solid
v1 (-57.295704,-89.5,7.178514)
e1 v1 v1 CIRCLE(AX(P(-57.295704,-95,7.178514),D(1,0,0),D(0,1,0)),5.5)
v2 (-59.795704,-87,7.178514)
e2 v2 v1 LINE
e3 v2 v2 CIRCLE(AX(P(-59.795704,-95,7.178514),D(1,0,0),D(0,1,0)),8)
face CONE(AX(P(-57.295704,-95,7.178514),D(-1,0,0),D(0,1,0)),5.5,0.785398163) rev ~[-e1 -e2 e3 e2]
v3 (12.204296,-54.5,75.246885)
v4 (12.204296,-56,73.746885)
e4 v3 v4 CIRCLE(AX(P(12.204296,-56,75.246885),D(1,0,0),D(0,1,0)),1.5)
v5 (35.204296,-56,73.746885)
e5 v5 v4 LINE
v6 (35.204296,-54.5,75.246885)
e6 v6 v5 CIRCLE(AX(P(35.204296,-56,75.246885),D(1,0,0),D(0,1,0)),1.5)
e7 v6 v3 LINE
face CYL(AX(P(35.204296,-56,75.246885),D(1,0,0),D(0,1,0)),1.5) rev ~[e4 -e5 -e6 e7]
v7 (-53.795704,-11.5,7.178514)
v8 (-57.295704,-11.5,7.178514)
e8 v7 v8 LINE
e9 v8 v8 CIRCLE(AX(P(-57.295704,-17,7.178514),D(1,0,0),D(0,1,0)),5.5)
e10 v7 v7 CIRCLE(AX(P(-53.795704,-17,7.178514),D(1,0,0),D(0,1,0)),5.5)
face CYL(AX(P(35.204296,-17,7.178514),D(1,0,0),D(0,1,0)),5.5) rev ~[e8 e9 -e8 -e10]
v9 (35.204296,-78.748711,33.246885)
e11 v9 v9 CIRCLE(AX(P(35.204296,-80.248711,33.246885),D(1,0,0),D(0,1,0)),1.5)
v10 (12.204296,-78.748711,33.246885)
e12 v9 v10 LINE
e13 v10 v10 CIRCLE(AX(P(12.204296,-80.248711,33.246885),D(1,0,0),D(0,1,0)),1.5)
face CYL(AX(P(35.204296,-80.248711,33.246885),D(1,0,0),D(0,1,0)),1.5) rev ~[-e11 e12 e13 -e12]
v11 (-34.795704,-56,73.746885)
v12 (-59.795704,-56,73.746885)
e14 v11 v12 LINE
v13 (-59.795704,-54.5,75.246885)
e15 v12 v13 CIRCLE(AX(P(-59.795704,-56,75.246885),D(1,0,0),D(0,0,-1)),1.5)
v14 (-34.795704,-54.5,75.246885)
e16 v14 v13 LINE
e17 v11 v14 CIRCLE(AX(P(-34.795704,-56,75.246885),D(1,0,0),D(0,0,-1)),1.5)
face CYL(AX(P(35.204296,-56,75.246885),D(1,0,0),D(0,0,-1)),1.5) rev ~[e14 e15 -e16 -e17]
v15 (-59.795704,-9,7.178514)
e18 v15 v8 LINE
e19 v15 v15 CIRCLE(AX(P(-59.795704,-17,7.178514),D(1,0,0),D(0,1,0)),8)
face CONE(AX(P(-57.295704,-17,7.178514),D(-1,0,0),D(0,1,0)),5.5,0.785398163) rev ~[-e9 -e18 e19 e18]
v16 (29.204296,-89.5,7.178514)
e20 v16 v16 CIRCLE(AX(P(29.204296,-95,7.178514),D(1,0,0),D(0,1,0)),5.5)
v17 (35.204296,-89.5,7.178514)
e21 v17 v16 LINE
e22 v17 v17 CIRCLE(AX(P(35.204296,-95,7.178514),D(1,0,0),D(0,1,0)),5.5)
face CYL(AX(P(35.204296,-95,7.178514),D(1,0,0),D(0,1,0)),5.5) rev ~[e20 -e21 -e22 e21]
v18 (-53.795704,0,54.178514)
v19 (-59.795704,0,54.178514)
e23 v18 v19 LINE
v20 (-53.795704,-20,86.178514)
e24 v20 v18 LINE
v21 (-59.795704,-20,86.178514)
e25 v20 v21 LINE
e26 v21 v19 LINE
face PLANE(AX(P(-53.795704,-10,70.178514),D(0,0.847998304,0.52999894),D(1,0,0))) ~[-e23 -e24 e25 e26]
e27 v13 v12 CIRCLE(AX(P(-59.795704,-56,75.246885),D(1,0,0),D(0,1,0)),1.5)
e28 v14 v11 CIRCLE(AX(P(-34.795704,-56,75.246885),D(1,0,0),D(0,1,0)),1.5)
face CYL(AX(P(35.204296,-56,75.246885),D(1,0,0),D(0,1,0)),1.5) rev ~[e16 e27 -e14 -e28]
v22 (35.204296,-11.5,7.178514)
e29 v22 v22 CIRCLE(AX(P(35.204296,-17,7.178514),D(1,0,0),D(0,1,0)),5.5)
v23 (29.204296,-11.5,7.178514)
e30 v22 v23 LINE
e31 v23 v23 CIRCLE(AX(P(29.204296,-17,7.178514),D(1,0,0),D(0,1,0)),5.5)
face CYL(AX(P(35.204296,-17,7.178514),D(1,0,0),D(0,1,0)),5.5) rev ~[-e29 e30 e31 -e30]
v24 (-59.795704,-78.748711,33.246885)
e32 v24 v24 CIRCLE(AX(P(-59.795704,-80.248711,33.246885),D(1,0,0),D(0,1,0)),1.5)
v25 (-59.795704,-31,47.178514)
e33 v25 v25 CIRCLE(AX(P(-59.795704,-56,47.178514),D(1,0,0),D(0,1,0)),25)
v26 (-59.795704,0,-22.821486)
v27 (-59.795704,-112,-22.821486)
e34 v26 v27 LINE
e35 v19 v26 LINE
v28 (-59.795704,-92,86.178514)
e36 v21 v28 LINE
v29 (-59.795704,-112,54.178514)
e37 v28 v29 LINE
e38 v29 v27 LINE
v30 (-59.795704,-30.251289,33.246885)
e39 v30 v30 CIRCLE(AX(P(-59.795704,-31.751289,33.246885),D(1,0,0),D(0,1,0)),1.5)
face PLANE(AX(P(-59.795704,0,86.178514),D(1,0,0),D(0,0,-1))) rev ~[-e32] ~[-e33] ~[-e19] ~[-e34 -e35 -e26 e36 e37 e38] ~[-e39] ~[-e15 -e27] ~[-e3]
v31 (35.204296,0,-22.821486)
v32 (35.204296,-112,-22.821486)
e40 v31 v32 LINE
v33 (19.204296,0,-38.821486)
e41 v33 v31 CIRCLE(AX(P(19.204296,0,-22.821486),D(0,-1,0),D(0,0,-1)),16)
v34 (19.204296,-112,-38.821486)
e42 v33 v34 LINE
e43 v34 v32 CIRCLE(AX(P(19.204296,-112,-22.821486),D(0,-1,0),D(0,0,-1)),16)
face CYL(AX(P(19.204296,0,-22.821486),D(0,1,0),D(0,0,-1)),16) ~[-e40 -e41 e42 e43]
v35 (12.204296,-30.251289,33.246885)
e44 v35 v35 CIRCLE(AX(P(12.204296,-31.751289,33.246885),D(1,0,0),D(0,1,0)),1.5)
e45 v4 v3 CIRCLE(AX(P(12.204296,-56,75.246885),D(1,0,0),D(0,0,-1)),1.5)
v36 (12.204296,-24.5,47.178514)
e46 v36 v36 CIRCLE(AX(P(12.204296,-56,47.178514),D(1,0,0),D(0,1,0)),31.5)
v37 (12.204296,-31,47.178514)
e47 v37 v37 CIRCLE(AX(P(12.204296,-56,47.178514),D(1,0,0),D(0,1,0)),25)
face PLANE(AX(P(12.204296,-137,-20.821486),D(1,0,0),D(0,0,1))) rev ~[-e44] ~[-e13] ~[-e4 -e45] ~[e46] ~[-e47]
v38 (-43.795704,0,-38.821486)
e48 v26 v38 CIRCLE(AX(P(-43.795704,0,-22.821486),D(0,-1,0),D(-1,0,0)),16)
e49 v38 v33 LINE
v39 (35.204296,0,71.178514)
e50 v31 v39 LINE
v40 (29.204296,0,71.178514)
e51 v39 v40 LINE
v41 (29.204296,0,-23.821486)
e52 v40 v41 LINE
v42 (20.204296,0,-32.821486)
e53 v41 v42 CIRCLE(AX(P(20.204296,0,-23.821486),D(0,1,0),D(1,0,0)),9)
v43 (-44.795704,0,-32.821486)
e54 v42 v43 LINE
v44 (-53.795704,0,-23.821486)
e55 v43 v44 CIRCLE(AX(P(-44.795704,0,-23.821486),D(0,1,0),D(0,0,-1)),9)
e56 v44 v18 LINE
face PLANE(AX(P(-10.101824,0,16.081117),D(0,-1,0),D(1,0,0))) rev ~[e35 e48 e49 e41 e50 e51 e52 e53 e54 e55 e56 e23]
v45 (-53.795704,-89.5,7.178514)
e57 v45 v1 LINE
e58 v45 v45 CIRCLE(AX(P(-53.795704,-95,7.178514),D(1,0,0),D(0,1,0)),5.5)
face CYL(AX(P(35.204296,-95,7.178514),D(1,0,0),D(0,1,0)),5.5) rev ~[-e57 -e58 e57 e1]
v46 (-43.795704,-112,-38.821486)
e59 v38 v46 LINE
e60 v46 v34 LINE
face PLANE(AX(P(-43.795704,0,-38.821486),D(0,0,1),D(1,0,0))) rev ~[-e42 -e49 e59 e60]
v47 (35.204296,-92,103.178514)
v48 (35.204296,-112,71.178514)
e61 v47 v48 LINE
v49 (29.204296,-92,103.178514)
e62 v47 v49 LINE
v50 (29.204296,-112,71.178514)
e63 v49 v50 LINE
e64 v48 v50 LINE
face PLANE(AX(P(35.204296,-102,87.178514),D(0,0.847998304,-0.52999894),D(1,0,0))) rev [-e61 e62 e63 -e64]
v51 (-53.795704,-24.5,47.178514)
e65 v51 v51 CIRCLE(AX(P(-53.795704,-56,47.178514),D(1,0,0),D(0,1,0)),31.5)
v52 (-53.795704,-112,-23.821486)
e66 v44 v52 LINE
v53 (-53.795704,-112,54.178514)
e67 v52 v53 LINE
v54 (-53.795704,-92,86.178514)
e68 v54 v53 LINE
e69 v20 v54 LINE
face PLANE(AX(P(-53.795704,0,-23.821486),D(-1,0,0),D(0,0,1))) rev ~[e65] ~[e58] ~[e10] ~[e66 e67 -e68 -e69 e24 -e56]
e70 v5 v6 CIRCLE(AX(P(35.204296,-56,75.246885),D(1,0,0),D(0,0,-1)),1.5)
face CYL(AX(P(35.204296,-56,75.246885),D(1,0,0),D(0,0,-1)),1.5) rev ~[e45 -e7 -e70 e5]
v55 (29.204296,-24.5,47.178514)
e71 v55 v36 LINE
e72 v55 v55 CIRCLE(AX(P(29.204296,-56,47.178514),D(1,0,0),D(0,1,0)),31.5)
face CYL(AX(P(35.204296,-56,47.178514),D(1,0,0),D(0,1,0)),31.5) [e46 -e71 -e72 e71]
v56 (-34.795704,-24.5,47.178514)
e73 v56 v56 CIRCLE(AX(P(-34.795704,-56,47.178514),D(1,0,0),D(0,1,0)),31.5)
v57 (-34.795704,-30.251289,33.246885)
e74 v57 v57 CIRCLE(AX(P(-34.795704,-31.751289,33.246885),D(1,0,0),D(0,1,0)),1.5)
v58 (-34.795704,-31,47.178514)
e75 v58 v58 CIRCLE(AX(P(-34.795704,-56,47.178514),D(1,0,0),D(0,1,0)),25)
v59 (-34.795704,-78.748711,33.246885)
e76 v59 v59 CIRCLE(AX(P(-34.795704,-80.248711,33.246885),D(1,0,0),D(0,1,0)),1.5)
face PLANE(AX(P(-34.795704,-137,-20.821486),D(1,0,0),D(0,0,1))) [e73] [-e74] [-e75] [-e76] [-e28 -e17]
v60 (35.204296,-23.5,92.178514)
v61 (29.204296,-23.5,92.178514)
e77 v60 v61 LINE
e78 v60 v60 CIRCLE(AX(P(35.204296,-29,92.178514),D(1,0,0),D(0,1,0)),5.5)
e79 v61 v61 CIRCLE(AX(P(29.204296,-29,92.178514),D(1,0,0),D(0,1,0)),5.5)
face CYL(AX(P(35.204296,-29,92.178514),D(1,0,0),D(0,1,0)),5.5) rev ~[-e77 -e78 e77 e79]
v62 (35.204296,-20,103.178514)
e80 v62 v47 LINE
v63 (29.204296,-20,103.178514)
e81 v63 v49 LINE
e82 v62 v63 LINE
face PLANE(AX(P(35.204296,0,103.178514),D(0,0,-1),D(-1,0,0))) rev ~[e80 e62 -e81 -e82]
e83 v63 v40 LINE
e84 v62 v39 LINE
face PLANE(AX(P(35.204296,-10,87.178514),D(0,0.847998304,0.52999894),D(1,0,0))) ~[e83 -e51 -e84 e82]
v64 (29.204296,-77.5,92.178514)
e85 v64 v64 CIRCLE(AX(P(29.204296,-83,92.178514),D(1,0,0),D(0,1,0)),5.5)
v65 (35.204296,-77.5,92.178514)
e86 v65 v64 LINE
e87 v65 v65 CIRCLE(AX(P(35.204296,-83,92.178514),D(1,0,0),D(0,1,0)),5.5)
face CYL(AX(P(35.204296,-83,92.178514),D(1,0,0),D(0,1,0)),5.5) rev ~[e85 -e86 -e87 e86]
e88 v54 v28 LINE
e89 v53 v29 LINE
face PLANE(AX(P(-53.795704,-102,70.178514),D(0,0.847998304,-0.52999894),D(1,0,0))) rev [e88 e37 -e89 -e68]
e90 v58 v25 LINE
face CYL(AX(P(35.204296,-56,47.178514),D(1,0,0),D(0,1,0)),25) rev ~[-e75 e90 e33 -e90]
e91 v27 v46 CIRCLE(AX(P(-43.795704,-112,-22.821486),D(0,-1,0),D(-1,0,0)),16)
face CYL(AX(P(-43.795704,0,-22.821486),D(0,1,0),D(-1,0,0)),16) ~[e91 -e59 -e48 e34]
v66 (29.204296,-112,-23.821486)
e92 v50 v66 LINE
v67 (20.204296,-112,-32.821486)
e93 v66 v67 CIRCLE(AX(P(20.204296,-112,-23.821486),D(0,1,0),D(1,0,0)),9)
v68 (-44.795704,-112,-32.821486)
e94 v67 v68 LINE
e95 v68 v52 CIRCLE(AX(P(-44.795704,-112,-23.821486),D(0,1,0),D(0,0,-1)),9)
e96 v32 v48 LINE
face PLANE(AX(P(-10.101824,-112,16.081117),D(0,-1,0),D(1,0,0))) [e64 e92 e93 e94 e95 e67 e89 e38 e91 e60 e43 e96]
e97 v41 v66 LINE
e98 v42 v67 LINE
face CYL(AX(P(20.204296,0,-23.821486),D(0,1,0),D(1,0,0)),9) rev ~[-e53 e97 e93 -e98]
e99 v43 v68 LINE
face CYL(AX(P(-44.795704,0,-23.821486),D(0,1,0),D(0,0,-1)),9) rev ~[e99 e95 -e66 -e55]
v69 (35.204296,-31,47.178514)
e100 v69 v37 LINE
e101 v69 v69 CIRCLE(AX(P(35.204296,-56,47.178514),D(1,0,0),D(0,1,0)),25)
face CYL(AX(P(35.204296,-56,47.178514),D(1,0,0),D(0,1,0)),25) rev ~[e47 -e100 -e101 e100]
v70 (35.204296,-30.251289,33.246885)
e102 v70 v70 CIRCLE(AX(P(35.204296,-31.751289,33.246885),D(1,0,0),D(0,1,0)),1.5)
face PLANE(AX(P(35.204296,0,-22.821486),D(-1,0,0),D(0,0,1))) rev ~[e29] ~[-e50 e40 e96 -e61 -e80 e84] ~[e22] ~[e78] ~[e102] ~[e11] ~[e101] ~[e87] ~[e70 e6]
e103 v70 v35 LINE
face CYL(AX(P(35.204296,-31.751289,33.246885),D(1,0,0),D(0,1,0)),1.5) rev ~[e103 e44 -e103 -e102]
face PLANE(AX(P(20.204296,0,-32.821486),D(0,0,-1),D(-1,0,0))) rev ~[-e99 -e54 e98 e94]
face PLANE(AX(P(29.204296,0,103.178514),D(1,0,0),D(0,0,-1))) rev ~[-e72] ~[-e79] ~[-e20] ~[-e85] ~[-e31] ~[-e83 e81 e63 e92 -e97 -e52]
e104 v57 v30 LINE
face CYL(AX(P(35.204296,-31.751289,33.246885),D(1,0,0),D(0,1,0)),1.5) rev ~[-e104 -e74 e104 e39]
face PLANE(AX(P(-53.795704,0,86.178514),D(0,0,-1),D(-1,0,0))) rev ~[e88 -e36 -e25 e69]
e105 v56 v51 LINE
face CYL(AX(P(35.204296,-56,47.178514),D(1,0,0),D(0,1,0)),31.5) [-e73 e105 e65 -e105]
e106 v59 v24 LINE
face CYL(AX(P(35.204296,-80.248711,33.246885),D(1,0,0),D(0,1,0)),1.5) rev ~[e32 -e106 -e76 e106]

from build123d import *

# Parameters (mm, degrees)
F1_DEPTH    = 112
F2_R        = 25
F3_DEPTH    = 185
F2_R_2      = 31.5
F5_DEPTH    = 184
F6_DEPTH    = 95
F7_W        = 47
F7_H        = 100
F8_DEPTH    = 159
F9_R        = 5.5
F10_DEPTH   = 157.2
F9_R_2      = 1.5
F11_DEPTH   = 154.4
F12_SIZE2   = 32
F12_SIZE    = 20
F12_2_SIZE2 = 32
F12_2_SIZE  = 20
F13_SIZE    = 2.5


with BuildPart() as f1:
    # F0 (on Front) → F1 (new body)
    with BuildSketch(Plane.XZ):
        with BuildLine():
            ThreePointArc((-59.7957043946, -22.8214863997), (-55.1094128936, -34.1351948987), (-43.7957043946, -38.8214863997))
            Line((-43.7957043946, -38.8214863997), (19.2042956054, -38.8214863997))
            ThreePointArc((19.2042956054, -38.8214863997), (30.5180041044, -34.1351948987), (35.2042956054, -22.8214863997))
            Line((35.2042956054, -22.8214863997), (35.2042956054, 103.1785136003))
            Line((35.2042956054, 103.1785136003), (29.2042956054, 103.1785136003))
            Line((29.2042956054, 103.1785136003), (29.2042956054, 87.1785136003))
            Line((29.2042956054, 87.1785136003), (29.2042956054, -23.8214863997))
            ThreePointArc((29.2042956054, -23.8214863997), (26.5682566361, -30.1854474304), (20.2042956054, -32.8214863997))
            Line((20.2042956054, -32.8214863997), (-44.7957043946, -32.8214863997))
            ThreePointArc((-44.7957043946, -32.8214863997), (-51.1596654253, -30.1854474304), (-53.7957043946, -23.8214863997))
            Line((-53.7957043946, -23.8214863997), (-53.7957043946, 86.1785136003))
            Line((-53.7957043946, 86.1785136003), (-59.7957043946, 86.1785136003))
            Line((-59.7957043946, 86.1785136003), (-59.7957043946, -22.8214863997))
        make_face()
    extrude(amount=F1_DEPTH)

    # F2 (on face) → F3 (cut)
    with BuildSketch(Plane.YZ.offset(35.2042956054)):
        with Locations((-56, 47.1785136003)):
            Circle(F2_R)
    extrude(amount=-F3_DEPTH, mode=Mode.SUBTRACT)

    # F2 (on face) → F5 (cut)
    with BuildSketch(Plane.YZ.offset(35.2042956054)):
        with Locations((-56, 47.1785136003)):
            Circle(F2_R_2)
        with Locations((-56, 47.1785136003)):
            Circle(F2_R, mode=Mode.SUBTRACT)
    extrude(amount=-F5_DEPTH, mode=Mode.SUBTRACT)

    # F2 (on face) → F6 (join)
    with BuildSketch(Plane.YZ.offset(35.2042956054)):
        with Locations((-56, 47.1785136003)):
            Circle(F2_R_2)
        with Locations((-56, 47.1785136003)):
            Circle(F2_R, mode=Mode.SUBTRACT)
    extrude(amount=-F6_DEPTH)

    # F7 (on offset) → F8 (cut)
    with BuildSketch(Plane.XZ.offset(137)):
        with Locations((-11.2957043946, 29.1785136003)):
            Rectangle(F7_W, F7_H)
    extrude(amount=-F8_DEPTH, mode=Mode.SUBTRACT)

    # F9 (on face) → F10 (cut)
    with BuildSketch(Plane.YZ.offset(35.2042956054)):
        with Locations((-83, 92.1785136003)):
            Circle(F9_R)
        with Locations((-29, 92.1785136003)):
            Circle(F9_R)
        with Locations((-95, 7.1785136003)):
            Circle(F9_R)
        with Locations((-17, 7.1785136003)):
            Circle(F9_R)
    extrude(amount=-F10_DEPTH, mode=Mode.SUBTRACT)

    # F9 (on face) → F11 (cut)
    with BuildSketch(Plane.YZ.offset(35.2042956054)):
        with Locations((-31.751288694, 33.2468845546)):
            Circle(F9_R_2)
        with Locations((-80.248711306, 33.2468845546)):
            Circle(F9_R_2)
        with BuildLine():
            ThreePointArc((-56, 73.7468845546), (-54.9393398282, 74.1862243828), (-54.5, 75.2468845546))
            ThreePointArc((-54.5, 75.2468845546), (-57.0606601718, 76.3075447264), (-56, 73.7468845546))
        make_face()
    extrude(amount=-F11_DEPTH, mode=Mode.SUBTRACT)

    # F12
    f12_edges = [f1.edges().sort_by_distance(p)[0] for p in [
        (-56.795704, 0, 86.178514),
        (-56.795704, -112, 86.178514),
    ]]
    f12_side = f1.faces().sort_by_distance((-56.795704, -56, 86.178514))[0]
    chamfer(f12_edges, length=F12_SIZE, length2=F12_SIZE2, reference=f12_side)

    # F12#2
    f12_2_edges = [f1.edges().sort_by_distance(p)[0] for p in [
        (32.204296, 0, 103.178514),
        (32.204296, -112, 103.178514),
    ]]
    f12_2_side = f1.faces().sort_by_distance((32.204296, -56, 103.178514))[0]
    chamfer(f12_2_edges, length=F12_2_SIZE, length2=F12_2_SIZE2, reference=f12_2_side)

    # F13
    f13_edges = [f1.edges().sort_by_distance(p)[0] for p in [
        (-59.795704, -22.5, 7.178514),
        (-59.795704, -100.5, 7.178514),
    ]]
    chamfer(f13_edges, length=F13_SIZE)


solid = f1.part
